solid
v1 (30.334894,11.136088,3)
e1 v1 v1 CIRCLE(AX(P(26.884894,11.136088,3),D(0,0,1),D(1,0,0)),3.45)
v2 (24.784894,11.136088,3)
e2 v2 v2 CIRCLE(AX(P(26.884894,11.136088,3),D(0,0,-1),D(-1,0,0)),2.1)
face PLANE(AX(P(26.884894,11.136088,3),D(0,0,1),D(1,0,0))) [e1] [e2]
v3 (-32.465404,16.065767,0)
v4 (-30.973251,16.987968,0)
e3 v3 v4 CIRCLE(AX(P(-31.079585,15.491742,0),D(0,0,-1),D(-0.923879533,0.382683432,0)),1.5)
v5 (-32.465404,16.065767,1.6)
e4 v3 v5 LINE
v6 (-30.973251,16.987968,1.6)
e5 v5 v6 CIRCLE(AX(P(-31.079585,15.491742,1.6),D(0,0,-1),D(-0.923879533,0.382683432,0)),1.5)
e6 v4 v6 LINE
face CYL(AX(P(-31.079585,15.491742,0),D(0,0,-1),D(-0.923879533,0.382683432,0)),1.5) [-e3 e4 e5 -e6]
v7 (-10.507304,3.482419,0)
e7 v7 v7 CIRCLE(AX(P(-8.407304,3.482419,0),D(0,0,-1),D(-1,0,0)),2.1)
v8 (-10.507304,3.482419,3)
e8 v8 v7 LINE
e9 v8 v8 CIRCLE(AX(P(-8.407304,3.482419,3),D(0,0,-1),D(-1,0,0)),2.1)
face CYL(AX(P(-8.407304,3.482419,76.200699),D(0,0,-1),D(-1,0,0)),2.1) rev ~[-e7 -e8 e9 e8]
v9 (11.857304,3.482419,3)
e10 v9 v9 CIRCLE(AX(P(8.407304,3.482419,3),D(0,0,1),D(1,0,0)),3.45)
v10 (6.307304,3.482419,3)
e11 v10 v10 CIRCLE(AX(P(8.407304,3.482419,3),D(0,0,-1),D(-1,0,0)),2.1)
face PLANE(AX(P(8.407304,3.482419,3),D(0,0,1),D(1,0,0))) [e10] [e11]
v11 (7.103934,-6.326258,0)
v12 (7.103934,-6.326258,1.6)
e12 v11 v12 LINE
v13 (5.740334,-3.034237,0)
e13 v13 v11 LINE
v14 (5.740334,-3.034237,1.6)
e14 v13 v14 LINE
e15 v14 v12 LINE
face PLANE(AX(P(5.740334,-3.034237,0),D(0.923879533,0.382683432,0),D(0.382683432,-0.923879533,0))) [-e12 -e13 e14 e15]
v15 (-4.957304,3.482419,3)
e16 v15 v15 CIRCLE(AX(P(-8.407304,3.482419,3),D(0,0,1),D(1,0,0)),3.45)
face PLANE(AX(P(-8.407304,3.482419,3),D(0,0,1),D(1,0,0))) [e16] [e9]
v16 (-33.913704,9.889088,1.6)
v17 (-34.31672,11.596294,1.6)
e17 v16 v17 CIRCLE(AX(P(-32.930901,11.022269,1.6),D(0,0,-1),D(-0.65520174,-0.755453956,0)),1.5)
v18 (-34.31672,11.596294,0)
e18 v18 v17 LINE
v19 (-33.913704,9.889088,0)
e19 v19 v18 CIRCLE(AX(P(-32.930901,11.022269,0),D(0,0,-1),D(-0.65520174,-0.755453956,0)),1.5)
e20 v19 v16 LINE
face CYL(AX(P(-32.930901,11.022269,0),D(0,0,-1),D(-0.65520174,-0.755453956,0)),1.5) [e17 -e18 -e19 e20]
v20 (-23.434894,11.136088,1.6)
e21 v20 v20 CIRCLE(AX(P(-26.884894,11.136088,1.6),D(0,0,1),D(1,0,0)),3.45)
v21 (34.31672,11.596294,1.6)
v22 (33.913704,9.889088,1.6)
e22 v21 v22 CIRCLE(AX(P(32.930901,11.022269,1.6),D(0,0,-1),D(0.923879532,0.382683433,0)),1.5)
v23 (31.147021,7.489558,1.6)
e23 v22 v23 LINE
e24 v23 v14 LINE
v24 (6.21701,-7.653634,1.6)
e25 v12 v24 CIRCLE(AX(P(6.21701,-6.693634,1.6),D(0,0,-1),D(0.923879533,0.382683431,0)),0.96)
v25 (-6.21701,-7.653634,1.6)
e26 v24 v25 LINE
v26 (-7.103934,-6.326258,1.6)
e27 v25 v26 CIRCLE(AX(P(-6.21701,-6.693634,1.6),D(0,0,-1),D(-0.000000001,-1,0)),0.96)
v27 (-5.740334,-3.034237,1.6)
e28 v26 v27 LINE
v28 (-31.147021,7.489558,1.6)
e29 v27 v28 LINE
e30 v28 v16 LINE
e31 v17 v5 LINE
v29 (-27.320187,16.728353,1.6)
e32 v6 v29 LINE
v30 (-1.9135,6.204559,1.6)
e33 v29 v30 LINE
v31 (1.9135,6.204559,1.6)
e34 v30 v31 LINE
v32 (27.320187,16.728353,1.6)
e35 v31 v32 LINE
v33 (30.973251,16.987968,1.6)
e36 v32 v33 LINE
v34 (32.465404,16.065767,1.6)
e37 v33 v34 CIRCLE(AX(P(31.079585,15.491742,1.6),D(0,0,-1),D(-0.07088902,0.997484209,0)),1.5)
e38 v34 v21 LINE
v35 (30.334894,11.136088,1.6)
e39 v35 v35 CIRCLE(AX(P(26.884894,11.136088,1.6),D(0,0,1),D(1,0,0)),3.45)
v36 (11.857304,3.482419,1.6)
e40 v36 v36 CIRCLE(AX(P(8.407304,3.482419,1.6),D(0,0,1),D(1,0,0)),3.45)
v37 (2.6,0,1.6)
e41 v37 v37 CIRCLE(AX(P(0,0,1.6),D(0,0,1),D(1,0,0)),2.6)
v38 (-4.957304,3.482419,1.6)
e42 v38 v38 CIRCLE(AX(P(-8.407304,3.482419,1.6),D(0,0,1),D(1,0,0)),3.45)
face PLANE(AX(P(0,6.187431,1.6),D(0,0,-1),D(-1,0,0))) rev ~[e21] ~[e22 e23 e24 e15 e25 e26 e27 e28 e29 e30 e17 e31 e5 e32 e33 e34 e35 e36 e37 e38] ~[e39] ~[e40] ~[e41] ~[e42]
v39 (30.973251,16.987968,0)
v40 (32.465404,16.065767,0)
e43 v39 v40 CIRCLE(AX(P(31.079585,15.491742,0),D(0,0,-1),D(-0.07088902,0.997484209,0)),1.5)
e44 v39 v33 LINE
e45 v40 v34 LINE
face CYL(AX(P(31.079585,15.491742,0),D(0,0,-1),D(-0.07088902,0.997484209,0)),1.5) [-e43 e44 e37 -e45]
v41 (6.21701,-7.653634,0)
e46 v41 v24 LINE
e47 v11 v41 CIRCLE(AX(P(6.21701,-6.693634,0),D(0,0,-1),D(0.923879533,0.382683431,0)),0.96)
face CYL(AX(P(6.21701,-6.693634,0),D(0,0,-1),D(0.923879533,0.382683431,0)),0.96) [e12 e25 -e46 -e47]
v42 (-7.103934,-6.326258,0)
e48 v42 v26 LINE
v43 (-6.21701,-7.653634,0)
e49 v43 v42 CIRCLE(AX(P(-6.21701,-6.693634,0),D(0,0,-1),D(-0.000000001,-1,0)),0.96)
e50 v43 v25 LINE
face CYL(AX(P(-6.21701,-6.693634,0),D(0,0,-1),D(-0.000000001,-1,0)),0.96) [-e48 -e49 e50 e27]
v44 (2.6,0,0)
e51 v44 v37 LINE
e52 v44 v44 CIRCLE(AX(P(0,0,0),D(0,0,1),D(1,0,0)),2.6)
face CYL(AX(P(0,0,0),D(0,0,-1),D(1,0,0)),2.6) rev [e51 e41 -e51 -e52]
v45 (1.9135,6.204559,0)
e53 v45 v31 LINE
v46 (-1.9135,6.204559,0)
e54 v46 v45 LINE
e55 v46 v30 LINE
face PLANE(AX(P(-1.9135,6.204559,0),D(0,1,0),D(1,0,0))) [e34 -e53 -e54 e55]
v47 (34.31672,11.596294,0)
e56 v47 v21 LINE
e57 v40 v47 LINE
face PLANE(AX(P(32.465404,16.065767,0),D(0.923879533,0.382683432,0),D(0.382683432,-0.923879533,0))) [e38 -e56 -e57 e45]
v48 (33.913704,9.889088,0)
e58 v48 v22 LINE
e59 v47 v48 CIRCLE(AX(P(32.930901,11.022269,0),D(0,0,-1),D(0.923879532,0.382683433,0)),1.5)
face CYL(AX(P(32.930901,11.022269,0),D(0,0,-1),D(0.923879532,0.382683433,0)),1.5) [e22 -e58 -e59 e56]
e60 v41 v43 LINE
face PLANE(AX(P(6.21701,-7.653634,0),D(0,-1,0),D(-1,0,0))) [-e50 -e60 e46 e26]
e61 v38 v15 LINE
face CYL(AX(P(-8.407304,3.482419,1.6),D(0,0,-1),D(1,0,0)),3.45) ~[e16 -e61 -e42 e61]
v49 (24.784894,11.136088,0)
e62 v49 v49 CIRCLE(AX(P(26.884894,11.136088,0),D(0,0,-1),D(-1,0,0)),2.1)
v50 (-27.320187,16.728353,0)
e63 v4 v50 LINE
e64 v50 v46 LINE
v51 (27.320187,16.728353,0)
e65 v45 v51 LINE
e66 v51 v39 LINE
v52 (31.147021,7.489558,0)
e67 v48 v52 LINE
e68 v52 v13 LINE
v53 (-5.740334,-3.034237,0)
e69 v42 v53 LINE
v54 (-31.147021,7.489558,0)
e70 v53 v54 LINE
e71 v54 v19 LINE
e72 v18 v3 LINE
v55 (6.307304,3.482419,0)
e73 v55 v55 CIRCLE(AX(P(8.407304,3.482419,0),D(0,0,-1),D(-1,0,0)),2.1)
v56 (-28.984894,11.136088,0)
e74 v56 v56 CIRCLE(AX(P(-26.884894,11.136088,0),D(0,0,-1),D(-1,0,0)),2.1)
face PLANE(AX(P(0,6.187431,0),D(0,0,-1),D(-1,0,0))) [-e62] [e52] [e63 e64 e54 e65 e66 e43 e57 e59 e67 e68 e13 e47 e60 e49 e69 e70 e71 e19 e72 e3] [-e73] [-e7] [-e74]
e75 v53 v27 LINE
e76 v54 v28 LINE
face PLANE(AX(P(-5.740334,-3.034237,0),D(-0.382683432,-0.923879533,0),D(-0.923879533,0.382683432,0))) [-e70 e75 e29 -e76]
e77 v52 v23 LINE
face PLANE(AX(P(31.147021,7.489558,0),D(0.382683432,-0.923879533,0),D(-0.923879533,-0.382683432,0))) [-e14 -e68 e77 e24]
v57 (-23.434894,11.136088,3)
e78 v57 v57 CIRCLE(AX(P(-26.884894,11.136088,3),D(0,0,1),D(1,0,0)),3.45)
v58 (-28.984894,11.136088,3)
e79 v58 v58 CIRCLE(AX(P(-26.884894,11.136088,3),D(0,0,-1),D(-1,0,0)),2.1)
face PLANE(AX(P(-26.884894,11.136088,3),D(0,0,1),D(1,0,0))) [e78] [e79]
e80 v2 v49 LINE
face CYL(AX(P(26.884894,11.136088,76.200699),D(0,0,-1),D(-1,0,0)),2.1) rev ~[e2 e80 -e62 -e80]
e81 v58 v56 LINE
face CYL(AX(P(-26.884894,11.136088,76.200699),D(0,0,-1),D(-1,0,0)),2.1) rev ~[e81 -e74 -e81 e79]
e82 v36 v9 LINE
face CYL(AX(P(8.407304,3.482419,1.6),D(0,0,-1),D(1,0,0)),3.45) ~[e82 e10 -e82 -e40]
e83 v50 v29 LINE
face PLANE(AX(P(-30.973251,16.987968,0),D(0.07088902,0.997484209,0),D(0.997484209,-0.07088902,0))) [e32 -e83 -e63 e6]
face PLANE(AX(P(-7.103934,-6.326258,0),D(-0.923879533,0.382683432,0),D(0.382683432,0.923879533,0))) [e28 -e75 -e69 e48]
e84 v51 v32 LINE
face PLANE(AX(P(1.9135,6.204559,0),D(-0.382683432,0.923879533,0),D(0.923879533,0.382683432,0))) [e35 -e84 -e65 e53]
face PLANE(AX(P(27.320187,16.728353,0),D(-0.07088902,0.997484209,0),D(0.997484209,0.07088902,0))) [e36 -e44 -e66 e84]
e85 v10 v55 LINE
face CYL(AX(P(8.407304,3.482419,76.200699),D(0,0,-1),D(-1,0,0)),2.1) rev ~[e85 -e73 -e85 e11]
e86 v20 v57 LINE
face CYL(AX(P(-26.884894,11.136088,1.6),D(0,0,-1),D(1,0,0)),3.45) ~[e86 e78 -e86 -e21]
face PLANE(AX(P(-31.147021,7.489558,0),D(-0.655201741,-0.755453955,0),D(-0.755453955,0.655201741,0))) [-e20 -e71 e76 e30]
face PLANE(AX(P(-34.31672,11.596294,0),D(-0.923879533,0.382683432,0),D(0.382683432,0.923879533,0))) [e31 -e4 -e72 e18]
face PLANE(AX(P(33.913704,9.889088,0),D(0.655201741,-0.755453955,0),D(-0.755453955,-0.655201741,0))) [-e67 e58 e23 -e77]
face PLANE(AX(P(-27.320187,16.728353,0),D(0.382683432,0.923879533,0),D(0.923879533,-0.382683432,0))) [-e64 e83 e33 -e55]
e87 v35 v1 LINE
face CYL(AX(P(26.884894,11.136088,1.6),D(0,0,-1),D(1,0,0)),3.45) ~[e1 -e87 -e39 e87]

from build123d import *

# Parameters (mm, degrees)
SKETCH1_R             = 2.6
BOSS_EXTRUDE1_DEPTH   = 1.6
SKETCH2_R             = 3.45
BOSS_EXTRUDE2_DEPTH   = 1.4
M5X0_8_TAPPED_HOLE1_D = 4.2


with BuildPart() as part:
    # Sketch1 → Boss-Extrude1 (new body)
    with BuildSketch(Plane.XY):
        with BuildLine():
            Line((-1.9135, 6.204558653), (1.9135, 6.204558653))
            Line((1.9135, 6.204558653), (27.320187144, 16.728353043))
            Line((27.320187144, 16.728353043), (30.973251278, 16.987968318))
            ThreePointArc((30.973251278, 16.987968318), (31.868181477, 16.767718217), (32.465404107, 16.065767153))
            Line((32.465404107, 16.065767153), (34.316720297, 11.596294499))
            ThreePointArc((34.316720297, 11.596294499), (34.390774483, 10.67763997), (33.91370361, 9.889088418))
            Line((33.91370361, 9.889088418), (31.147021468, 7.489557718))
            Line((31.147021468, 7.489557718), (5.740334324, -3.034236672))
            Line((5.740334324, -3.034236672), (7.103934305, -6.32625824))
            ThreePointArc((7.103934305, -6.32625824), (7.015220781, -7.226981758), (6.217009953, -7.653634335))
            Line((6.217009953, -7.653634335), (-6.217009953, -7.653634335))
            ThreePointArc((-6.217009953, -7.653634335), (-7.015220781, -7.226981758), (-7.103934305, -6.32625824))
            Line((-7.103934305, -6.32625824), (-5.740334324, -3.034236672))
            Line((-5.740334324, -3.034236672), (-31.147021468, 7.489557718))
            Line((-31.147021468, 7.489557718), (-33.91370361, 9.889088418))
            ThreePointArc((-33.91370361, 9.889088418), (-34.390774483, 10.67763997), (-34.316720297, 11.596294499))
            Line((-34.316720297, 11.596294499), (-32.465404107, 16.065767153))
            ThreePointArc((-32.465404107, 16.065767153), (-31.868181477, 16.767718217), (-30.973251278, 16.987968318))
            Line((-30.973251278, 16.987968318), (-27.320187144, 16.728353043))
            Line((-27.320187144, 16.728353043), (-1.9135, 6.204558653))
        make_face()
        Circle(SKETCH1_R, mode=Mode.SUBTRACT)
    extrude(amount=BOSS_EXTRUDE1_DEPTH)

    # Sketch2 → Boss-Extrude2 (add)
    with BuildSketch(Plane.XY.offset(1.6)):
        with Locations((26.884894396, 11.136087882)):
            Circle(SKETCH2_R)
        with Locations((8.407303746, 3.482419235)):
            Circle(SKETCH2_R)
        with Locations((-8.407303746, 3.482419235)):
            Circle(SKETCH2_R)
        with Locations((-26.884894396, 11.136087882)):
            Circle(SKETCH2_R)
    extrude(amount=BOSS_EXTRUDE2_DEPTH)

    # M5x0.8 Tapped Hole1 (through all)
    with Locations(Plane.XY.offset(3)):
        with Locations((26.884894396, 11.136087882), (8.407303746, 3.482419235), (-8.407303746, 3.482419235), (-26.884894396, 11.136087882)):
            Hole(M5X0_8_TAPPED_HOLE1_D / 2)


solid = part.part
